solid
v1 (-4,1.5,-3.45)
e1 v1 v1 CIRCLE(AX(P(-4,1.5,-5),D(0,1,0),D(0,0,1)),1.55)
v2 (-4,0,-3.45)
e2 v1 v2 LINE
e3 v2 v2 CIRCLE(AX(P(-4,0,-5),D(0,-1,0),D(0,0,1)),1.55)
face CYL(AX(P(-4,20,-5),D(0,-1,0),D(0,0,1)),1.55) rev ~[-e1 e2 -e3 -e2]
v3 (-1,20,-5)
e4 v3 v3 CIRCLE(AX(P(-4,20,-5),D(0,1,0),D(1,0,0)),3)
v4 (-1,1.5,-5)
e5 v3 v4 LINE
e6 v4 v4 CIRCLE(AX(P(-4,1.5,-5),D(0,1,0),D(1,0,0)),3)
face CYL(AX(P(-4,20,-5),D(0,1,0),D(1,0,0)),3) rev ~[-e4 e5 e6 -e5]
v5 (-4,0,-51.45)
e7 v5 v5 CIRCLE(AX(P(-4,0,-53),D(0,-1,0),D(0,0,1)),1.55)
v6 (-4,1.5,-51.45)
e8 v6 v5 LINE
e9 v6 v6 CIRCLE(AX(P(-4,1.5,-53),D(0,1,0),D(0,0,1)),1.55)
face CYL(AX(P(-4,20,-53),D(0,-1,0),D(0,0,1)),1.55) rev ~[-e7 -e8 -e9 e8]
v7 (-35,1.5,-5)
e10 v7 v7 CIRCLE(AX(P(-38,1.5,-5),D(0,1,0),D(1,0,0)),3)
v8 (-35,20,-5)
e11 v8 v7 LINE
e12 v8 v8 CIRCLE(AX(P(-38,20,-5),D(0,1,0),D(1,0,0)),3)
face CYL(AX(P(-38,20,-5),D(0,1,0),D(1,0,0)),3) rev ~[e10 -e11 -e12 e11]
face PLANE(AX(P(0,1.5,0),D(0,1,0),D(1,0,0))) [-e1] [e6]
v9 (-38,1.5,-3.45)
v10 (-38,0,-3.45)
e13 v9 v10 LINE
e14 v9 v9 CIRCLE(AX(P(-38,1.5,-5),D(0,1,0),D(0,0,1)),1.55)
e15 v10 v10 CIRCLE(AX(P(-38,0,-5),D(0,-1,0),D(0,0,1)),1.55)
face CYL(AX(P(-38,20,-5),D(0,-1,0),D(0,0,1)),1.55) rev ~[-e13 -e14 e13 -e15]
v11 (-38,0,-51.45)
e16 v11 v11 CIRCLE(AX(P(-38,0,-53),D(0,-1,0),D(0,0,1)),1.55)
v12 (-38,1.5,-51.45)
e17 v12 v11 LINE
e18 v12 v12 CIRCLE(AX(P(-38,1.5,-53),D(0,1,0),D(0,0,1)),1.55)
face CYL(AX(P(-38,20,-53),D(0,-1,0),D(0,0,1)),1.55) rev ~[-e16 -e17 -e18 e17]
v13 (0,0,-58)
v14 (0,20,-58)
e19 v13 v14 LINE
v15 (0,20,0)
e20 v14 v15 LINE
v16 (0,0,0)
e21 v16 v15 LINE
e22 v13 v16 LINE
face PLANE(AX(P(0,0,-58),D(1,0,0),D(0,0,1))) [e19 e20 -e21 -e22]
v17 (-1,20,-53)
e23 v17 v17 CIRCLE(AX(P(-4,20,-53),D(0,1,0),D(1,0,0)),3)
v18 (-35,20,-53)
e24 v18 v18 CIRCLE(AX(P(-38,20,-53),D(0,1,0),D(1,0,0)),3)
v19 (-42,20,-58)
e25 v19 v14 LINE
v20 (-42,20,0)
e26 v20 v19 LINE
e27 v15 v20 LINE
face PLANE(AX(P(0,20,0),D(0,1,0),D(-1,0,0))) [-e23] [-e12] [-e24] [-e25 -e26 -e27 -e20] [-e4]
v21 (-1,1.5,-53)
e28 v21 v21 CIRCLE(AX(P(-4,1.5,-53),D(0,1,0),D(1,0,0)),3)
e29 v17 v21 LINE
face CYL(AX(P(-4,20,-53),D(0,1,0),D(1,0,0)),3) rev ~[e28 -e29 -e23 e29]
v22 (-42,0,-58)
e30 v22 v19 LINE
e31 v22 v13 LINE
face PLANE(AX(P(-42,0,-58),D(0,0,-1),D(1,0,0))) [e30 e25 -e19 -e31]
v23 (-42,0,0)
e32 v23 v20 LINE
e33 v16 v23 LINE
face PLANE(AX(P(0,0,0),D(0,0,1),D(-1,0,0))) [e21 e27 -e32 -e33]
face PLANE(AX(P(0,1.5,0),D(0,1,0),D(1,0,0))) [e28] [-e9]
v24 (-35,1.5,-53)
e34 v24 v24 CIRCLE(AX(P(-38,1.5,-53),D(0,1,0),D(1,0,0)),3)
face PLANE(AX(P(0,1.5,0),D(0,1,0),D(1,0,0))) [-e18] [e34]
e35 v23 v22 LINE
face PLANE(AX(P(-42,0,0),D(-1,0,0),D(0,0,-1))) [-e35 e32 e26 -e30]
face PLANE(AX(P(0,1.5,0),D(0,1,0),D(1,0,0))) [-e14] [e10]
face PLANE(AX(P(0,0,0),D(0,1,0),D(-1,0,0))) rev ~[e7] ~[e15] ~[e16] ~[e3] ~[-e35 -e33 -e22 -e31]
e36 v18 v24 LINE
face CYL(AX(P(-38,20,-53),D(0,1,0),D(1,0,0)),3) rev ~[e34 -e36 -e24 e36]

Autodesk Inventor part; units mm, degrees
ref_plane "YZ Plane" through (0, 0, 0) normal (1, 0, 0) x (0, 1, 0)
ref_plane "XZ Plane" through (0, 0, 0) normal (0, 1, 0) x (-1, 0, 0)
ref_plane "XY Plane" through (0, 0, 0) normal (0, 0, 1) x (1, 0, 0)
sketch "Sketch1" plane through (0, 0, 0) normal (0, 1, 0) x (-1, 0, 0)
  line L0 (0, 0) -> (42, 0)
  line L1 (42, 0) -> (42, -58)
  line L2 (42, -58) -> (0, -58)
  line L3 (0, -58) -> (0, 0)
  dimension "d0" = 58
  dimension "d1" = 42
extrude "Extrusion1" add sketch "Sketch1" along normal blind 20
sketch "Sketch2" plane through (0, 20, 0) normal (0, 1, 0) x (1, 0, 0)
  line L0 (-29.2926, 35.5201) -> (-17.3649, 35.5201) construction
  line L1 (-17.3649, 35.5201) -> (-17.3649, 9.1969) construction
  line L2 (-17.3649, 9.1969) -> (-29.2926, 9.1969) construction
  line L3 (-29.2926, 9.1969) -> (-29.2926, 35.5201) construction
  spline S0 degree 2 poles (-27.9624, 31.884) (-28.3424, 31.884) (-28.8757, 32.0428) (-29.1111, 32.1562) knots 0 0 0 1 2 2 2
  line L4 (-29.1111, 32.1562) -> (-29.1111, 32.7405)
  line L5 (-29.1111, 32.7405) -> (-29.077, 32.7405)
  spline S1 degree 2 poles (-29.077, 32.7405) (-28.8473, 32.525) (-28.2658, 32.2867) (-27.9964, 32.2867) knots 0 0 0 1 2 2 2
  spline S2 degree 2 poles (-27.9964, 32.2867) (-27.6107, 32.2867) (-27.2164, 32.6072) (-27.2164, 32.871) knots 0 0 0 1 2 2 2
  spline S3 degree 2 poles (-27.2164, 32.871) (-27.2164, 33.0809) (-27.4235, 33.3418) (-27.6475, 33.4071) knots 0 0 0 1 2 2 2
  spline S4 degree 2 poles (-27.6475, 33.4071) (-27.8092, 33.4524) (-28.0787, 33.5148) (-28.28, 33.5659) knots 0 0 0 1 2 2 2
  spline S5 degree 2 poles (-28.28, 33.5659) (-28.4616, 33.6141) (-28.748, 33.7588) (-28.8586, 33.875) knots 0 0 0 1 2 2 2
  spline S6 degree 2 poles (-28.8586, 33.875) (-28.9664, 33.9913) (-29.0855, 34.3033) (-29.0855, 34.5075) knots 0 0 0 1 2 2 2
  spline S7 degree 2 poles (-29.0855, 34.5075) (-29.0855, 34.933) (-28.4218, 35.5088) (-27.9085, 35.5088) knots 0 0 0 1 2 2 2
  spline S8 degree 2 poles (-27.9085, 35.5088) (-27.6135, 35.5088) (-27.0916, 35.3925) (-26.8675, 35.2819) knots 0 0 0 1 2 2 2
  line L6 (-26.8675, 35.2819) -> (-26.8675, 34.7259)
  line L7 (-26.8675, 34.7259) -> (-26.9016, 34.7259)
  spline S9 degree 2 poles (-26.9016, 34.7259) (-27.0689, 34.8791) (-27.5908, 35.106) (-27.8773, 35.106) knots 0 0 0 1 2 2 2
  spline S10 degree 2 poles (-27.8773, 35.106) (-28.2006, 35.106) (-28.6005, 34.8025) (-28.6005, 34.5558) knots 0 0 0 1 2 2 2
  spline S11 degree 2 poles (-28.6005, 34.5558) (-28.6005, 34.3345) (-28.3651, 34.0707) (-28.1439, 34.0112) knots 0 0 0 1 2 2 2
  spline S12 degree 2 poles (-28.1439, 34.0112) (-27.9964, 33.9715) (-27.5681, 33.8694) (-27.4263, 33.8268) knots 0 0 0 1 2 2 2
  spline S13 degree 2 poles (-27.4263, 33.8268) (-27.0661, 33.7162) (-26.7314, 33.2709) (-26.7314, 32.9447) knots 0 0 0 1 2 2 2
  spline S14 degree 2 poles (-26.7314, 32.9447) (-26.7314, 32.7377) (-26.8987, 32.3406) (-27.0491, 32.2016) knots 0 0 0 1 2 2 2
  spline S15 degree 2 poles (-27.0491, 32.2016) (-27.2164, 32.0485) (-27.6419, 31.884) (-27.9624, 31.884) knots 0 0 0 1 2 2 2
  line L8 (-26.2577, 31.9464) -> (-26.2577, 35.4464)
  line L9 (-26.2577, 35.4464) -> (-24.0681, 35.4464)
  line L10 (-24.0681, 35.4464) -> (-24.0681, 35.0323)
  line L11 (-24.0681, 35.0323) -> (-25.7926, 35.0323)
  line L12 (-25.7926, 35.0323) -> (-25.7926, 34.0736)
  line L13 (-25.7926, 34.0736) -> (-24.1844, 34.0736)
  line L14 (-24.1844, 34.0736) -> (-24.1844, 33.6595)
  line L15 (-24.1844, 33.6595) -> (-25.7926, 33.6595)
  line L16 (-25.7926, 33.6595) -> (-25.7926, 32.3605)
  line L17 (-25.7926, 32.3605) -> (-24.0681, 32.3605)
  line L18 (-24.0681, 32.3605) -> (-24.0681, 31.9464)
  line L19 (-24.0681, 31.9464) -> (-26.2577, 31.9464)
  line L20 (-20.8489, 31.9464) -> (-21.453, 31.9464)
  line L21 (-21.453, 31.9464) -> (-22.5592, 33.339)
  line L22 (-22.5592, 33.339) -> (-23.0924, 33.339)
  line L23 (-23.0924, 33.339) -> (-23.0924, 31.9464)
  line L24 (-23.0924, 31.9464) -> (-23.5576, 31.9464)
  line L25 (-23.5576, 31.9464) -> (-23.5576, 35.4464)
  line L26 (-23.5576, 35.4464) -> (-22.6556, 35.4464)
  spline S16 degree 2 poles (-22.6556, 35.4464) (-22.355, 35.4464) (-21.9494, 35.3811) (-21.765, 35.262) knots 0 0 0 1 2 2 2
  spline S17 degree 2 poles (-21.765, 35.262) (-21.5807, 35.1429) (-21.368, 34.7713) (-21.368, 34.4962) knots 0 0 0 1 2 2 2
  spline S18 degree 2 poles (-21.368, 34.4962) (-21.368, 34.1133) (-21.7594, 33.5943) (-22.094, 33.4695) knots 0 0 0 1 2 2 2
  line L27 (-22.094, 33.4695) -> (-20.8489, 31.9464)
  spline S19 degree 2 poles (-21.853, 34.4593) (-21.853, 34.6125) (-21.9607, 34.8479) (-22.0742, 34.9245) knots 0 0 0 1 2 2 2
  spline S20 degree 2 poles (-22.0742, 34.9245) (-22.1735, 34.9897) (-22.4372, 35.0436) (-22.6301, 35.0436) knots 0 0 0 1 2 2 2
  line L28 (-22.6301, 35.0436) -> (-23.0924, 35.0436)
  line L29 (-23.0924, 35.0436) -> (-23.0924, 33.7276)
  line L30 (-23.0924, 33.7276) -> (-22.684, 33.7276)
  spline S21 degree 2 poles (-22.684, 33.7276) (-22.4826, 33.7276) (-22.1621, 33.7985) (-22.0515, 33.9091) knots 0 0 0 1 2 2 2
  spline S22 degree 2 poles (-22.0515, 33.9091) (-21.9494, 34.0055) (-21.853, 34.2778) (-21.853, 34.4593) knots 0 0 0 1 2 2 2
  line L31 (-18.0325, 35.4464) -> (-19.2379, 31.9464)
  line L32 (-19.2379, 31.9464) -> (-19.7399, 31.9464)
  line L33 (-19.7399, 31.9464) -> (-20.9453, 35.4464)
  line L34 (-20.9453, 35.4464) -> (-20.4462, 35.4464)
  line L35 (-20.4462, 35.4464) -> (-19.4761, 32.5391)
  line L36 (-19.4761, 32.5391) -> (-18.5061, 35.4464)
  line L37 (-18.5061, 35.4464) -> (-18.0325, 35.4464)
  spline S23 degree 2 poles (-15.2217, 35.0464) (-15.0231, 34.8139) (-14.8019, 34.1331) (-14.8019, 33.6964) knots 0 0 0 1 2 2 2
  spline S24 degree 2 poles (-14.8019, 33.6964) (-14.8019, 33.2709) (-15.0175, 32.5817) (-15.2217, 32.3491) knots 0 0 0 1 2 2 2
  spline S25 degree 2 poles (-15.2217, 32.3491) (-15.4372, 32.1052) (-16.0073, 31.8726) (-16.3505, 31.8726) knots 0 0 0 1 2 2 2
  spline S26 degree 2 poles (-16.3505, 31.8726) (-16.7051, 31.8726) (-17.2723, 32.1137) (-17.4794, 32.3491) knots 0 0 0 1 2 2 2
  spline S27 degree 2 poles (-17.4794, 32.3491) (-17.6808, 32.5817) (-17.8963, 33.2652) (-17.8963, 33.6964) knots 0 0 0 1 2 2 2
  spline S28 degree 2 poles (-17.8963, 33.6964) (-17.8963, 34.136) (-17.6779, 34.8054) (-17.4765, 35.0464) knots 0 0 0 1 2 2 2
  spline S29 degree 2 poles (-17.4765, 35.0464) (-17.2723, 35.279) (-16.7022, 35.5201) (-16.3505, 35.5201) knots 0 0 0 1 2 2 2
  spline S30 degree 2 poles (-16.3505, 35.5201) (-15.9932, 35.5201) (-15.4202, 35.2705) (-15.2217, 35.0464) knots 0 0 0 1 2 2 2
  spline S31 degree 2 poles (-15.2869, 33.6964) (-15.2869, 34.0424) (-15.4372, 34.5784) (-15.5734, 34.7543) knots 0 0 0 1 2 2 2
  spline S32 degree 2 poles (-15.5734, 34.7543) (-15.7124, 34.9358) (-16.1038, 35.1173) (-16.3477, 35.1173) knots 0 0 0 1 2 2 2
  spline S33 degree 2 poles (-16.3477, 35.1173) (-16.6001, 35.1173) (-16.9802, 34.9415) (-17.1248, 34.7543) knots 0 0 0 1 2 2 2
  spline S34 degree 2 poles (-17.1248, 34.7543) (-17.2638, 34.5756) (-17.4113, 34.0367) (-17.4113, 33.6964) knots 0 0 0 1 2 2 2
  spline S35 degree 2 poles (-17.4113, 33.6964) (-17.4113, 33.0071) (-16.8327, 32.2754) (-16.3477, 32.2754) knots 0 0 0 1 2 2 2
  spline S36 degree 2 poles (-16.3477, 32.2754) (-15.8627, 32.2754) (-15.2869, 33.0071) (-15.2869, 33.6964) knots 0 0 0 1 2 2 2
  spline S37 degree 2 poles (-26.1783, 27.9309) (-26.1783, 27.4515) (-26.5669, 26.6801) (-26.8931, 26.4645) knots 0 0 0 1 2 2 2
  spline S38 degree 2 poles (-26.8931, 26.4645) (-27.1597, 26.2972) (-27.7071, 26.1837) (-28.1325, 26.1837) knots 0 0 0 1 2 2 2
  line L38 (-28.1325, 26.1837) -> (-28.9381, 26.1837)
  line L39 (-28.9381, 26.1837) -> (-28.9381, 29.6837)
  line L40 (-28.9381, 29.6837) -> (-28.141, 29.6837)
  spline S39 degree 2 poles (-28.141, 29.6837) (-27.6475, 29.6837) (-27.0859, 29.5362) (-26.8874, 29.4057) knots 0 0 0 1 2 2 2
  spline S40 degree 2 poles (-26.8874, 29.4057) (-26.5499, 29.1817) (-26.1783, 28.4414) (-26.1783, 27.9309) knots 0 0 0 1 2 2 2
  spline S41 degree 2 poles (-26.6633, 27.9365) (-26.6633, 28.3393) (-26.9299, 28.9094) (-27.1937, 29.0711) knots 0 0 0 1 2 2 2
  spline S42 degree 2 poles (-27.1937, 29.0711) (-27.3809, 29.1817) (-27.8035, 29.2809) (-28.1184, 29.2809) knots 0 0 0 1 2 2 2
  line L41 (-28.1184, 29.2809) -> (-28.4729, 29.2809)
  line L42 (-28.4729, 29.2809) -> (-28.4729, 26.5865)
  line L43 (-28.4729, 26.5865) -> (-28.1184, 26.5865)
  spline S43 degree 2 poles (-28.1184, 26.5865) (-27.8092, 26.5865) (-27.3412, 26.6857) (-27.1512, 26.819) knots 0 0 0 1 2 2 2
  spline S44 degree 2 poles (-27.1512, 26.819) (-26.9073, 26.9835) (-26.6633, 27.5281) (-26.6633, 27.9365) knots 0 0 0 1 2 2 2
  line L44 (-22.9648, 26.1837) -> (-23.5689, 26.1837)
  line L45 (-23.5689, 26.1837) -> (-24.6751, 27.5763)
  line L46 (-24.6751, 27.5763) -> (-25.2083, 27.5763)
  line L47 (-25.2083, 27.5763) -> (-25.2083, 26.1837)
  line L48 (-25.2083, 26.1837) -> (-25.6735, 26.1837)
  line L49 (-25.6735, 26.1837) -> (-25.6735, 29.6837)
  line L50 (-25.6735, 29.6837) -> (-24.7715, 29.6837)
  spline S45 degree 2 poles (-24.7715, 29.6837) (-24.4709, 29.6837) (-24.0653, 29.6185) (-23.8809, 29.4993) knots 0 0 0 1 2 2 2
  spline S46 degree 2 poles (-23.8809, 29.4993) (-23.6966, 29.3802) (-23.4838, 29.0087) (-23.4838, 28.7335) knots 0 0 0 1 2 2 2
  spline S47 degree 2 poles (-23.4838, 28.7335) (-23.4838, 28.3506) (-23.8752, 27.8316) (-24.2099, 27.7068) knots 0 0 0 1 2 2 2
  line L51 (-24.2099, 27.7068) -> (-22.9648, 26.1837)
  spline S48 degree 2 poles (-23.9688, 28.6967) (-23.9688, 28.8498) (-24.0766, 29.0852) (-24.1901, 29.1618) knots 0 0 0 1 2 2 2
  spline S49 degree 2 poles (-24.1901, 29.1618) (-24.2893, 29.2271) (-24.5531, 29.2809) (-24.746, 29.2809) knots 0 0 0 1 2 2 2
  line L52 (-24.746, 29.2809) -> (-25.2083, 29.2809)
  line L53 (-25.2083, 29.2809) -> (-25.2083, 27.9649)
  line L54 (-25.2083, 27.9649) -> (-24.7999, 27.9649)
  spline S50 degree 2 poles (-24.7999, 27.9649) (-24.5985, 27.9649) (-24.278, 28.0358) (-24.1674, 28.1464) knots 0 0 0 1 2 2 2
  spline S51 degree 2 poles (-24.1674, 28.1464) (-24.0653, 28.2429) (-23.9688, 28.5151) (-23.9688, 28.6967) knots 0 0 0 1 2 2 2
  line L55 (-21.4672, 26.1837) -> (-22.823, 26.1837)
  line L56 (-22.823, 26.1837) -> (-22.823, 26.5411)
  line L57 (-22.823, 26.5411) -> (-22.3777, 26.5411)
  line L58 (-22.3777, 26.5411) -> (-22.3777, 29.3263)
  line L59 (-22.3777, 29.3263) -> (-22.823, 29.3263)
  line L60 (-22.823, 29.3263) -> (-22.823, 29.6837)
  line L61 (-22.823, 29.6837) -> (-21.4672, 29.6837)
  line L62 (-21.4672, 29.6837) -> (-21.4672, 29.3263)
  line L63 (-21.4672, 29.3263) -> (-21.9125, 29.3263)
  line L64 (-21.9125, 29.3263) -> (-21.9125, 26.5411)
  line L65 (-21.9125, 26.5411) -> (-21.4672, 26.5411)
  line L66 (-21.4672, 26.5411) -> (-21.4672, 26.1837)
  line L67 (-18.353, 29.6837) -> (-19.5584, 26.1837)
  line L68 (-19.5584, 26.1837) -> (-20.0604, 26.1837)
  line L69 (-20.0604, 26.1837) -> (-21.2658, 29.6837)
  line L70 (-21.2658, 29.6837) -> (-20.7667, 29.6837)
  line L71 (-20.7667, 29.6837) -> (-19.7966, 26.7765)
  line L72 (-19.7966, 26.7765) -> (-18.8266, 29.6837)
  line L73 (-18.8266, 29.6837) -> (-18.353, 29.6837)
  line L74 (-18.0183, 26.1837) -> (-18.0183, 29.6837)
  line L75 (-18.0183, 29.6837) -> (-15.8287, 29.6837)
  line L76 (-15.8287, 29.6837) -> (-15.8287, 29.2696)
  line L77 (-15.8287, 29.2696) -> (-17.5531, 29.2696)
  line L78 (-17.5531, 29.2696) -> (-17.5531, 28.3109)
  line L79 (-17.5531, 28.3109) -> (-15.9449, 28.3109)
  line L80 (-15.9449, 28.3109) -> (-15.9449, 27.8968)
  line L81 (-15.9449, 27.8968) -> (-17.5531, 27.8968)
  line L82 (-17.5531, 27.8968) -> (-17.5531, 26.5978)
  line L83 (-17.5531, 26.5978) -> (-15.8287, 26.5978)
  line L84 (-15.8287, 26.5978) -> (-15.8287, 26.1837)
  line L85 (-15.8287, 26.1837) -> (-18.0183, 26.1837)
  line L86 (-12.6094, 26.1837) -> (-13.2136, 26.1837)
  line L87 (-13.2136, 26.1837) -> (-14.3197, 27.5763)
  line L88 (-14.3197, 27.5763) -> (-14.853, 27.5763)
  line L89 (-14.853, 27.5763) -> (-14.853, 26.1837)
  line L90 (-14.853, 26.1837) -> (-15.3181, 26.1837)
  line L91 (-15.3181, 26.1837) -> (-15.3181, 29.6837)
  line L92 (-15.3181, 29.6837) -> (-14.4162, 29.6837)
  spline S52 degree 2 poles (-14.4162, 29.6837) (-14.1155, 29.6837) (-13.7099, 29.6185) (-13.5256, 29.4993) knots 0 0 0 1 2 2 2
  spline S53 degree 2 poles (-13.5256, 29.4993) (-13.3412, 29.3802) (-13.1285, 29.0087) (-13.1285, 28.7335) knots 0 0 0 1 2 2 2
  spline S54 degree 2 poles (-13.1285, 28.7335) (-13.1285, 28.3506) (-13.5199, 27.8316) (-13.8546, 27.7068) knots 0 0 0 1 2 2 2
  line L93 (-13.8546, 27.7068) -> (-12.6094, 26.1837)
  spline S55 degree 2 poles (-13.6135, 28.6967) (-13.6135, 28.8498) (-13.7213, 29.0852) (-13.8347, 29.1618) knots 0 0 0 1 2 2 2
  spline S56 degree 2 poles (-13.8347, 29.1618) (-13.934, 29.2271) (-14.1978, 29.2809) (-14.3906, 29.2809) knots 0 0 0 1 2 2 2
  line L94 (-14.3906, 29.2809) -> (-14.853, 29.2809)
  line L95 (-14.853, 29.2809) -> (-14.853, 27.9649)
  line L96 (-14.853, 27.9649) -> (-14.4445, 27.9649)
  spline S57 degree 2 poles (-14.4445, 27.9649) (-14.2432, 27.9649) (-13.9227, 28.0358) (-13.812, 28.1464) knots 0 0 0 1 2 2 2
  spline S58 degree 2 poles (-13.812, 28.1464) (-13.7099, 28.2429) (-13.6135, 28.5151) (-13.6135, 28.6967) knots 0 0 0 1 2 2 2
  point P0 (0, 0)
extrude "Extrusion2" add sketch "Sketch2" against normal blind 1
sketch "Sketch5" plane through (0, 20, 0) normal (0, 1, 0) x (1, 0, 0)
  circle A0 centre (-4, 53) radius 1.55
  circle A1 centre (-38, 53) radius 1.55
  circle A2 centre (-38, 5) radius 1.55
  circle A3 centre (-4, 5) radius 1.55
  line L0 (-42, 58) -> (-42, 0) projected
  line L1 (-42, 0) -> (0, 0) projected
  dimension "d6" = 3.1
  dimension "d7" = 3.1
  dimension "d8" = 3.1
  dimension "d9" = 3.1
  dimension "d10" = 34
  dimension "d11" = 48
  dimension "d12" = 48
  dimension "d13" = 34
  dimension "d14" = 0
  dimension "d15" = 0
  dimension "d16" = 4
  dimension "d17" = 5
hole "Hole1" at (-38, 20, -53) at (-38, 20, -5) at (-4, 20, -5) at (-4, 20, -53) direction (0, -1, 0) diameter 3.1 end through all
sketch "Sketch6" plane through (0, 20, 0) normal (0, 1, 0) x (1, 0, 0)
  circle A0 centre (-4, 5) radius 3
  circle A1 centre (-4, 53) radius 3
  circle A2 centre (-38, 53) radius 3
  circle A3 centre (-38, 5) radius 3
  circle A4 centre (-4, 5) radius 1.55 projected
  circle A5 centre (-38, 5) radius 1.55 projected
  circle A6 centre (-38, 53) radius 1.55 projected
  circle A7 centre (-4, 53) radius 1.55 projected
  circle A8 centre (-4, 53) radius 1.55
  circle A9 centre (-38, 5) radius 1.55
  circle A10 centre (-4, 5) radius 1.55
  circle A11 centre (-38, 53) radius 1.55
  point P0 (0, 0)
  dimension "d25" = 6
  dimension "d26" = 6
  dimension "d27" = 6
  dimension "d28" = 6
  dimension "d29" = 3.1
  dimension "d30" = 3.1
  dimension "d31" = 3.1
  dimension "d32" = 3.1
extrude "Extrusion3" cut sketch "Sketch6" against normal blind 18.5
equation "\"d12\" = d11"
equation "\"d13\" = d10"
properties part number "Servo_Driver"
